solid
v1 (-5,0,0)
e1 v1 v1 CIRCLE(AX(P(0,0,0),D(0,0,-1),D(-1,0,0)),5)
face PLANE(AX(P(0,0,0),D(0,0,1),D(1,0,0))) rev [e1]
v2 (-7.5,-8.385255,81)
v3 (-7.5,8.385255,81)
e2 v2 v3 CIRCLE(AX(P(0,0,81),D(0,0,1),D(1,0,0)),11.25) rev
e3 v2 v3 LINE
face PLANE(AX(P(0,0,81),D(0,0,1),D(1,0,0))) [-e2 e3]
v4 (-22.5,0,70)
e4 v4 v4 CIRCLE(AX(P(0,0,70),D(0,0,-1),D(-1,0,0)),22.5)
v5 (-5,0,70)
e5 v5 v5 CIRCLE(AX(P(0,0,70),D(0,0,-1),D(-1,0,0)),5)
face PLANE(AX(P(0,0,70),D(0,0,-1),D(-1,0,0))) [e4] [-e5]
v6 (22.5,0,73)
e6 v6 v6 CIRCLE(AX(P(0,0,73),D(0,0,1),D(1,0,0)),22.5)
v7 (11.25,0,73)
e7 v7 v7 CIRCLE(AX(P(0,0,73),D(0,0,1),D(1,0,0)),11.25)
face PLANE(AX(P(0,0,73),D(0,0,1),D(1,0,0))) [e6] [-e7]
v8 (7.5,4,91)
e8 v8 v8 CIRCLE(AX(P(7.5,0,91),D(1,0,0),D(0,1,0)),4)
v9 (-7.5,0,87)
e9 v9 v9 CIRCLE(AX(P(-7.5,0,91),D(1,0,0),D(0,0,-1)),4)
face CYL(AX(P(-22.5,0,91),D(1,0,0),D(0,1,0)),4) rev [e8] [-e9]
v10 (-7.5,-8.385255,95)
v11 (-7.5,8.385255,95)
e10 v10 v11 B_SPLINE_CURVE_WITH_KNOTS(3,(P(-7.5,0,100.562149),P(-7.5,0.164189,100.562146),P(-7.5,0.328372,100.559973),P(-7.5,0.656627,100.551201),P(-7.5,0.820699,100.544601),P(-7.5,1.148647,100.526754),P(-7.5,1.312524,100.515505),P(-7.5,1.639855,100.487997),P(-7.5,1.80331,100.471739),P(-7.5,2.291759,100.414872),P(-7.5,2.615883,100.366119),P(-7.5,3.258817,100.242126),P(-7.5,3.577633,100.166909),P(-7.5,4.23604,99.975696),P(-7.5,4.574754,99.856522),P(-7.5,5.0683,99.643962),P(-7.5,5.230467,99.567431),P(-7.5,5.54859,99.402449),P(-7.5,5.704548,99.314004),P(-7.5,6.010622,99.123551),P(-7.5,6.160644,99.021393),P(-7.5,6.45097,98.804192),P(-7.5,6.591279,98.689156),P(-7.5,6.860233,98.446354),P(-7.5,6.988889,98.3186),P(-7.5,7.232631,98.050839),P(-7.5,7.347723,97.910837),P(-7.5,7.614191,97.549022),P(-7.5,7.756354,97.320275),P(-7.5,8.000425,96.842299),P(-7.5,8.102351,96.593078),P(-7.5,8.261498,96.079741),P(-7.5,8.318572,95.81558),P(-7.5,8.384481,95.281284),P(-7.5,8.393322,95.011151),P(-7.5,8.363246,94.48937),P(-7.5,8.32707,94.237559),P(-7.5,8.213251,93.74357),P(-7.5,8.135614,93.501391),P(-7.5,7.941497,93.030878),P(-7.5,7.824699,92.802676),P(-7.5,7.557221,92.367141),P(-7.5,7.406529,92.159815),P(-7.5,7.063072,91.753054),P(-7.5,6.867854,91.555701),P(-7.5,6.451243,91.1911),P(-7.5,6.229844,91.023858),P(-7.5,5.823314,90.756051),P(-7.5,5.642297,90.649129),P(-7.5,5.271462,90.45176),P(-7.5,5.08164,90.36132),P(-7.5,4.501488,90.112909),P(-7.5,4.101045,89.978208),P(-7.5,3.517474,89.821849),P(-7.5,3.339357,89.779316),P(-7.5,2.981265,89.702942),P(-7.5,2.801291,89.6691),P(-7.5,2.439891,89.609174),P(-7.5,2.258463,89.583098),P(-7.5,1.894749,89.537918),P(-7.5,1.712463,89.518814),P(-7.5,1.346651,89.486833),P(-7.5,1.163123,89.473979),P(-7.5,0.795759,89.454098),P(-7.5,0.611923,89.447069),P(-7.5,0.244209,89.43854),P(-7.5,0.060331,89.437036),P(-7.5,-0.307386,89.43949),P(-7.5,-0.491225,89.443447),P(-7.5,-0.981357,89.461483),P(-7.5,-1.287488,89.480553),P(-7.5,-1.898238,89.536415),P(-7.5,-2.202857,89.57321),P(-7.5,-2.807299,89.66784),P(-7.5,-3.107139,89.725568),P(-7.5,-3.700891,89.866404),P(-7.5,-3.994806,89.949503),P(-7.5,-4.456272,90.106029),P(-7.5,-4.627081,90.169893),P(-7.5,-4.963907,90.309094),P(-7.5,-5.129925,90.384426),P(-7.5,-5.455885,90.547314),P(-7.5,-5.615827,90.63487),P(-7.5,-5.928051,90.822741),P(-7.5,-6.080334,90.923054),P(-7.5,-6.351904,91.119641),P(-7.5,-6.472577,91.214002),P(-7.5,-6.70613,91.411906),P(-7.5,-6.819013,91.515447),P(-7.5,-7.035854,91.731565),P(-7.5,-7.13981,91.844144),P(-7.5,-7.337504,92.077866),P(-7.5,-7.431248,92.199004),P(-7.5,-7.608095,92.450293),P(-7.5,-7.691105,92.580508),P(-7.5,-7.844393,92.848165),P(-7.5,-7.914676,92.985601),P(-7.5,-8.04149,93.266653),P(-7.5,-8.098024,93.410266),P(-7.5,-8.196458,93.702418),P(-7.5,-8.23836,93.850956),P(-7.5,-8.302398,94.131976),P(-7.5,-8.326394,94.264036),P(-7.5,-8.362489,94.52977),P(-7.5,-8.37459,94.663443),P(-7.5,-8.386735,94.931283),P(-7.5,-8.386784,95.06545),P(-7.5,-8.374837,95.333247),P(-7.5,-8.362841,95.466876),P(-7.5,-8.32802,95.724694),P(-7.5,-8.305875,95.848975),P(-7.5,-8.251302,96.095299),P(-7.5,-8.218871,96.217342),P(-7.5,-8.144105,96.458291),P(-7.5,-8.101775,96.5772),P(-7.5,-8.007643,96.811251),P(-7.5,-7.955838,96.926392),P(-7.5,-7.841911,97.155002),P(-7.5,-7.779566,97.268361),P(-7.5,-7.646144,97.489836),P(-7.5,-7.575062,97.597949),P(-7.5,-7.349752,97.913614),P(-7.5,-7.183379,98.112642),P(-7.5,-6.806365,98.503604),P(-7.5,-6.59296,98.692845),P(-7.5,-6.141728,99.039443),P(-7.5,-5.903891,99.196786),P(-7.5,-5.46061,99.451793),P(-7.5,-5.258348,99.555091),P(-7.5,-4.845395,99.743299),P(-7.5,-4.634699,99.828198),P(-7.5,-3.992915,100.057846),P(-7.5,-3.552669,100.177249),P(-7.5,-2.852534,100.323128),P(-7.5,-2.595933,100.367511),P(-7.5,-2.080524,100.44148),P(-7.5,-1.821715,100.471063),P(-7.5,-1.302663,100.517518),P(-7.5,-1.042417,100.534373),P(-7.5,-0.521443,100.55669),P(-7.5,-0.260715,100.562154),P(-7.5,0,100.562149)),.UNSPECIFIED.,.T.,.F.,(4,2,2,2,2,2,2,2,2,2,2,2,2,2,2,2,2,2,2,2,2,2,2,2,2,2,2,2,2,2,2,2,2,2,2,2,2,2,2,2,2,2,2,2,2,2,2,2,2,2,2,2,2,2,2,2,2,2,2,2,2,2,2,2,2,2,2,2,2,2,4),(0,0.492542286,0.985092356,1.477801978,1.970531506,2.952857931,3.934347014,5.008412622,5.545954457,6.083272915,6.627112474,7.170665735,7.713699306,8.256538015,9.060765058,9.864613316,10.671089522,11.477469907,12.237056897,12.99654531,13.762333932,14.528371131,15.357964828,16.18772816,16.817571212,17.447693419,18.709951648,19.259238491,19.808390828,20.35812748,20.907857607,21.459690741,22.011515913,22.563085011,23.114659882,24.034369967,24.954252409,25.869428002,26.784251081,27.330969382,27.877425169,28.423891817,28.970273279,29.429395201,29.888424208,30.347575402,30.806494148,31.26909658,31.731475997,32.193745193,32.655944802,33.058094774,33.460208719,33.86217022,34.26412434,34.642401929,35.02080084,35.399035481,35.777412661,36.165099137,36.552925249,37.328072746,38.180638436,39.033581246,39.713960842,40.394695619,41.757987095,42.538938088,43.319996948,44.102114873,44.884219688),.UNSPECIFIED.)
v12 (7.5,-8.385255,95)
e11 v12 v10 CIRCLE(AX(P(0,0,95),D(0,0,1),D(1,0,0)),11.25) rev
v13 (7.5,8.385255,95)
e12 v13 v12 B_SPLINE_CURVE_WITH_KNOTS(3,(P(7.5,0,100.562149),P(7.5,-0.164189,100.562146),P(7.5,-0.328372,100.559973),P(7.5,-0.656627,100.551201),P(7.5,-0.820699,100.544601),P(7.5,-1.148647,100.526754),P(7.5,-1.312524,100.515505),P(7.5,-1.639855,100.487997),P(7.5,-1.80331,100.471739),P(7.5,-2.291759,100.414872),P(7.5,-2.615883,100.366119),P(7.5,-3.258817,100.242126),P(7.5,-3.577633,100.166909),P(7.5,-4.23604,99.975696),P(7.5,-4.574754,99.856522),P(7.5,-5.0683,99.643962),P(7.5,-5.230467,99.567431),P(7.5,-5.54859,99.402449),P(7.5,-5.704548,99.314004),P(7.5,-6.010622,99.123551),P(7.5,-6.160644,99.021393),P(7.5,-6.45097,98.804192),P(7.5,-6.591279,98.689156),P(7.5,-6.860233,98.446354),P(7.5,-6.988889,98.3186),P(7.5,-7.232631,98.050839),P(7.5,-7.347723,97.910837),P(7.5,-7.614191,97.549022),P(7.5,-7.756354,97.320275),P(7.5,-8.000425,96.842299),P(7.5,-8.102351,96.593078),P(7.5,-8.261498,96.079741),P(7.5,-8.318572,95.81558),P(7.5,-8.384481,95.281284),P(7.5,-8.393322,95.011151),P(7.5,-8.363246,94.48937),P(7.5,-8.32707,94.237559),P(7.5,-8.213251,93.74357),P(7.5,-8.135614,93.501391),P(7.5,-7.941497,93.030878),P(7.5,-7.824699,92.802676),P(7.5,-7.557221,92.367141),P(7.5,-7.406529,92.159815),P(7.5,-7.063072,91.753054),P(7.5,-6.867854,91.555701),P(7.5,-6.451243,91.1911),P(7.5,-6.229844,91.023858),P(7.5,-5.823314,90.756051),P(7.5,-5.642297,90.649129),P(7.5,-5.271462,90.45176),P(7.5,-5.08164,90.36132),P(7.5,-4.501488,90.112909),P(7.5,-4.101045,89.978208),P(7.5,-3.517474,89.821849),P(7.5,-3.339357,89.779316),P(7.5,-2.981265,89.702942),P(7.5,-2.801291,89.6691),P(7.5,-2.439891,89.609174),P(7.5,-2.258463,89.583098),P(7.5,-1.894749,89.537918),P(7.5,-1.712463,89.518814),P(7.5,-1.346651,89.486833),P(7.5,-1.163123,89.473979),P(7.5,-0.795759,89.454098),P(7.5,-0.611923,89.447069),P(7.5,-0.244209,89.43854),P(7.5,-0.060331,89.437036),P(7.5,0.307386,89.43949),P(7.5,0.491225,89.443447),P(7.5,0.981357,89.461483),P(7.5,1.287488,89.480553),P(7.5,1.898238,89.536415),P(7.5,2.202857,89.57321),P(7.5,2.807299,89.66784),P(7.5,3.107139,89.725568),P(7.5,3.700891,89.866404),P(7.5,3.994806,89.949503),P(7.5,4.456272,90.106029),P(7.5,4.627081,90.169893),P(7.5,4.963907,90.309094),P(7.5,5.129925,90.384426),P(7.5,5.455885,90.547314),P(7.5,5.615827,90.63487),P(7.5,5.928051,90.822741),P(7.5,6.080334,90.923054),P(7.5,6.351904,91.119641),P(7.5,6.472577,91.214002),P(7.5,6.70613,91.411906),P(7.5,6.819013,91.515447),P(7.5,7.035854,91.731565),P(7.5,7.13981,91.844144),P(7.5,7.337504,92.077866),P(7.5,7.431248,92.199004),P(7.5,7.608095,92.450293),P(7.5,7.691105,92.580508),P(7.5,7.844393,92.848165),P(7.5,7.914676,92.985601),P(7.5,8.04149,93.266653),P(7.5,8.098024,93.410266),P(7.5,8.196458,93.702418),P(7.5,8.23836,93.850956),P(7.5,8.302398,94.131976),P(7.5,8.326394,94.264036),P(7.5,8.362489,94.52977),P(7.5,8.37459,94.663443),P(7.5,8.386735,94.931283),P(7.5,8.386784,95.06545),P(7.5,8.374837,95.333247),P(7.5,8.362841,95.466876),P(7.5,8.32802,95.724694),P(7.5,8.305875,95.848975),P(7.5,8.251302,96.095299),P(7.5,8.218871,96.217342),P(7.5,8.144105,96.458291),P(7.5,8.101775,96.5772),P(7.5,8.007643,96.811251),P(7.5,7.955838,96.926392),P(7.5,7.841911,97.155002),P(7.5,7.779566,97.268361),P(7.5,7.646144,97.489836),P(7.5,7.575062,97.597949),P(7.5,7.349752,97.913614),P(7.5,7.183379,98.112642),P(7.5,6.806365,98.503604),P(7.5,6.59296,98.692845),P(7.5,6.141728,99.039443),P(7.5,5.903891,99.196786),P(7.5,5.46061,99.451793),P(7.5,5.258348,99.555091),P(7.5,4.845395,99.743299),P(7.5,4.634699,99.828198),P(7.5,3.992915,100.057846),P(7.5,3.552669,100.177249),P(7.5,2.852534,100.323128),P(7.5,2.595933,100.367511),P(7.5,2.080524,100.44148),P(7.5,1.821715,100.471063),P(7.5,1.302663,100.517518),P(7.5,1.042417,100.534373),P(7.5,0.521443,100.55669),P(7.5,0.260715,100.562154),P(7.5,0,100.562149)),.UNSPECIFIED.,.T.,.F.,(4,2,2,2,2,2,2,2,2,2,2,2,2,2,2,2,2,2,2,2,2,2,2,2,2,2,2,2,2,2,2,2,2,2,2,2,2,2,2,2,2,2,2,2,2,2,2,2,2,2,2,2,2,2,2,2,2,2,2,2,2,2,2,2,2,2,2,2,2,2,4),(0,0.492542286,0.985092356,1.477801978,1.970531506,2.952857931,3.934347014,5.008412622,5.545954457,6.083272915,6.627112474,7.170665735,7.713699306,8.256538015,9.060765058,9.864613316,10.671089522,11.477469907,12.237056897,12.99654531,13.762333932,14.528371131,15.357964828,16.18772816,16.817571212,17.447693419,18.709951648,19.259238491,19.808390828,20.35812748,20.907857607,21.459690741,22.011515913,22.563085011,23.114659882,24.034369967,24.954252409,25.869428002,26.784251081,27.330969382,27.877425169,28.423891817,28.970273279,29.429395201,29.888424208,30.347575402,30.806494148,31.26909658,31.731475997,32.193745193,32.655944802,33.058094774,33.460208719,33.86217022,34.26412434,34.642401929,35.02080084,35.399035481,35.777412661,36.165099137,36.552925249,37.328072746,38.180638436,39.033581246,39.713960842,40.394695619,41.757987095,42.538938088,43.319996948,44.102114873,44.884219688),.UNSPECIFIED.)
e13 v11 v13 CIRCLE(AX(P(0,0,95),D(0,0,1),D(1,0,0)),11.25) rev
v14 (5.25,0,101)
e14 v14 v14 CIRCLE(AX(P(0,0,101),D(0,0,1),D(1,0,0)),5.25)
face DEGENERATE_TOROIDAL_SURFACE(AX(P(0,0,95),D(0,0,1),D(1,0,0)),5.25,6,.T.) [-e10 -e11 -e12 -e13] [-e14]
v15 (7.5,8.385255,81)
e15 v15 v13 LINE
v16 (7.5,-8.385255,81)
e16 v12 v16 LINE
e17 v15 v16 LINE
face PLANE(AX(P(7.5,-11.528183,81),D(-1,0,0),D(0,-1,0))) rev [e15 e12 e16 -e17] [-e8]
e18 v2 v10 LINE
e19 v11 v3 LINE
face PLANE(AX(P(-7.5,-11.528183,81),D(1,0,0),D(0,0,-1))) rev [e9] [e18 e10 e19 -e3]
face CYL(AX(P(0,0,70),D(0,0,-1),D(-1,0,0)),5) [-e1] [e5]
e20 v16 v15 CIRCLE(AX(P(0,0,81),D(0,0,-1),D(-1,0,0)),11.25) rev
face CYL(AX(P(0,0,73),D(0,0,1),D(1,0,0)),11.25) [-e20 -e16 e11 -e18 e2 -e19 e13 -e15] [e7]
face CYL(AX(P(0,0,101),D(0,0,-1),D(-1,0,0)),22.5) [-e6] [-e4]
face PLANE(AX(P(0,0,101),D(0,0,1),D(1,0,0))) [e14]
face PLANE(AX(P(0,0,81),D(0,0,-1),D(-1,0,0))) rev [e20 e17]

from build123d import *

# Parameters (mm, degrees)
ESQUISSE1_R             = 22.5
BOSS_EXTRU_1_DEPTH      = 101
ESQUISSE2_R             = 22.5
ESQUISSE2_R_2           = 5
ENL_V_MAT_EXTRU_1_DEPTH = 70
ENL_V_START             = -28
ESQUISSE3_R             = 22.5
ESQUISSE3_R_2           = 11.25
ENL_V_MAT_EXTRU_2_DEPTH = 28
CONG_1_R                = 6
ESQUISSE6_W             = 6.909858745
ESQUISSE6_H             = 23.056365404
ENL_V_MAT_EXTRU_3_DEPTH = 20
ESQUISSE7_R             = 4
ENL_V_MAT_EXTRU_4_DEPTH = 108.736948259


with BuildPart() as part:
    # Esquisse1 → Boss.-Extru.1 (new body)
    with BuildSketch(Plane.XY):
        Circle(ESQUISSE1_R)
    extrude(amount=BOSS_EXTRU_1_DEPTH)

    # Esquisse2 → Enlèv. mat.-Extru.1 (cut)
    with BuildSketch(Plane(origin=(0, 0, 0), x_dir=(-1, 0, 0), z_dir=(0, 0, -1))):
        Circle(ESQUISSE2_R)
        Circle(ESQUISSE2_R_2, mode=Mode.SUBTRACT)
    extrude(amount=-ENL_V_MAT_EXTRU_1_DEPTH, mode=Mode.SUBTRACT)

    # Esquisse3 → Enlèv. mat.-Extru.2 (cut)
    with BuildSketch(Plane.XY.offset(101).offset(ENL_V_START)):
        with Locations(Location((0, 0, 0), (0, 0, 180))):
            Circle(ESQUISSE3_R)
        Circle(ESQUISSE3_R_2, mode=Mode.SUBTRACT)
    extrude(amount=ENL_V_MAT_EXTRU_2_DEPTH, mode=Mode.SUBTRACT)

    # Congé1
    cong_1_edges = [part.edges().sort_by_distance(p)[0] for p in [
        (-11.25, 0, 101),
    ]]
    fillet(cong_1_edges, radius=CONG_1_R)

    # Esquisse6 → Enlèv. mat.-Extru.3 (cut)
    with BuildSketch(Plane.XY.offset(101)):
        with Locations((10.954929373, 0)):
            Rectangle(ESQUISSE6_W, ESQUISSE6_H)
        with Locations((-10.954929373, 0)):
            Rectangle(ESQUISSE6_W, ESQUISSE6_H)
    extrude(amount=-ENL_V_MAT_EXTRU_3_DEPTH, mode=Mode.SUBTRACT)

    # Esquisse7 → Enlèv. mat.-Extru.4 (cut, through all)
    with BuildSketch(Plane(origin=(7.5, 0, 0), x_dir=(0, 0, -1), z_dir=(1, 0, 0))):
        with Locations(Location((-91, 0, 0), (0, 0, 90))):
            Circle(ESQUISSE7_R)
    extrude(amount=-ENL_V_MAT_EXTRU_4_DEPTH, mode=Mode.SUBTRACT)


solid = part.part
